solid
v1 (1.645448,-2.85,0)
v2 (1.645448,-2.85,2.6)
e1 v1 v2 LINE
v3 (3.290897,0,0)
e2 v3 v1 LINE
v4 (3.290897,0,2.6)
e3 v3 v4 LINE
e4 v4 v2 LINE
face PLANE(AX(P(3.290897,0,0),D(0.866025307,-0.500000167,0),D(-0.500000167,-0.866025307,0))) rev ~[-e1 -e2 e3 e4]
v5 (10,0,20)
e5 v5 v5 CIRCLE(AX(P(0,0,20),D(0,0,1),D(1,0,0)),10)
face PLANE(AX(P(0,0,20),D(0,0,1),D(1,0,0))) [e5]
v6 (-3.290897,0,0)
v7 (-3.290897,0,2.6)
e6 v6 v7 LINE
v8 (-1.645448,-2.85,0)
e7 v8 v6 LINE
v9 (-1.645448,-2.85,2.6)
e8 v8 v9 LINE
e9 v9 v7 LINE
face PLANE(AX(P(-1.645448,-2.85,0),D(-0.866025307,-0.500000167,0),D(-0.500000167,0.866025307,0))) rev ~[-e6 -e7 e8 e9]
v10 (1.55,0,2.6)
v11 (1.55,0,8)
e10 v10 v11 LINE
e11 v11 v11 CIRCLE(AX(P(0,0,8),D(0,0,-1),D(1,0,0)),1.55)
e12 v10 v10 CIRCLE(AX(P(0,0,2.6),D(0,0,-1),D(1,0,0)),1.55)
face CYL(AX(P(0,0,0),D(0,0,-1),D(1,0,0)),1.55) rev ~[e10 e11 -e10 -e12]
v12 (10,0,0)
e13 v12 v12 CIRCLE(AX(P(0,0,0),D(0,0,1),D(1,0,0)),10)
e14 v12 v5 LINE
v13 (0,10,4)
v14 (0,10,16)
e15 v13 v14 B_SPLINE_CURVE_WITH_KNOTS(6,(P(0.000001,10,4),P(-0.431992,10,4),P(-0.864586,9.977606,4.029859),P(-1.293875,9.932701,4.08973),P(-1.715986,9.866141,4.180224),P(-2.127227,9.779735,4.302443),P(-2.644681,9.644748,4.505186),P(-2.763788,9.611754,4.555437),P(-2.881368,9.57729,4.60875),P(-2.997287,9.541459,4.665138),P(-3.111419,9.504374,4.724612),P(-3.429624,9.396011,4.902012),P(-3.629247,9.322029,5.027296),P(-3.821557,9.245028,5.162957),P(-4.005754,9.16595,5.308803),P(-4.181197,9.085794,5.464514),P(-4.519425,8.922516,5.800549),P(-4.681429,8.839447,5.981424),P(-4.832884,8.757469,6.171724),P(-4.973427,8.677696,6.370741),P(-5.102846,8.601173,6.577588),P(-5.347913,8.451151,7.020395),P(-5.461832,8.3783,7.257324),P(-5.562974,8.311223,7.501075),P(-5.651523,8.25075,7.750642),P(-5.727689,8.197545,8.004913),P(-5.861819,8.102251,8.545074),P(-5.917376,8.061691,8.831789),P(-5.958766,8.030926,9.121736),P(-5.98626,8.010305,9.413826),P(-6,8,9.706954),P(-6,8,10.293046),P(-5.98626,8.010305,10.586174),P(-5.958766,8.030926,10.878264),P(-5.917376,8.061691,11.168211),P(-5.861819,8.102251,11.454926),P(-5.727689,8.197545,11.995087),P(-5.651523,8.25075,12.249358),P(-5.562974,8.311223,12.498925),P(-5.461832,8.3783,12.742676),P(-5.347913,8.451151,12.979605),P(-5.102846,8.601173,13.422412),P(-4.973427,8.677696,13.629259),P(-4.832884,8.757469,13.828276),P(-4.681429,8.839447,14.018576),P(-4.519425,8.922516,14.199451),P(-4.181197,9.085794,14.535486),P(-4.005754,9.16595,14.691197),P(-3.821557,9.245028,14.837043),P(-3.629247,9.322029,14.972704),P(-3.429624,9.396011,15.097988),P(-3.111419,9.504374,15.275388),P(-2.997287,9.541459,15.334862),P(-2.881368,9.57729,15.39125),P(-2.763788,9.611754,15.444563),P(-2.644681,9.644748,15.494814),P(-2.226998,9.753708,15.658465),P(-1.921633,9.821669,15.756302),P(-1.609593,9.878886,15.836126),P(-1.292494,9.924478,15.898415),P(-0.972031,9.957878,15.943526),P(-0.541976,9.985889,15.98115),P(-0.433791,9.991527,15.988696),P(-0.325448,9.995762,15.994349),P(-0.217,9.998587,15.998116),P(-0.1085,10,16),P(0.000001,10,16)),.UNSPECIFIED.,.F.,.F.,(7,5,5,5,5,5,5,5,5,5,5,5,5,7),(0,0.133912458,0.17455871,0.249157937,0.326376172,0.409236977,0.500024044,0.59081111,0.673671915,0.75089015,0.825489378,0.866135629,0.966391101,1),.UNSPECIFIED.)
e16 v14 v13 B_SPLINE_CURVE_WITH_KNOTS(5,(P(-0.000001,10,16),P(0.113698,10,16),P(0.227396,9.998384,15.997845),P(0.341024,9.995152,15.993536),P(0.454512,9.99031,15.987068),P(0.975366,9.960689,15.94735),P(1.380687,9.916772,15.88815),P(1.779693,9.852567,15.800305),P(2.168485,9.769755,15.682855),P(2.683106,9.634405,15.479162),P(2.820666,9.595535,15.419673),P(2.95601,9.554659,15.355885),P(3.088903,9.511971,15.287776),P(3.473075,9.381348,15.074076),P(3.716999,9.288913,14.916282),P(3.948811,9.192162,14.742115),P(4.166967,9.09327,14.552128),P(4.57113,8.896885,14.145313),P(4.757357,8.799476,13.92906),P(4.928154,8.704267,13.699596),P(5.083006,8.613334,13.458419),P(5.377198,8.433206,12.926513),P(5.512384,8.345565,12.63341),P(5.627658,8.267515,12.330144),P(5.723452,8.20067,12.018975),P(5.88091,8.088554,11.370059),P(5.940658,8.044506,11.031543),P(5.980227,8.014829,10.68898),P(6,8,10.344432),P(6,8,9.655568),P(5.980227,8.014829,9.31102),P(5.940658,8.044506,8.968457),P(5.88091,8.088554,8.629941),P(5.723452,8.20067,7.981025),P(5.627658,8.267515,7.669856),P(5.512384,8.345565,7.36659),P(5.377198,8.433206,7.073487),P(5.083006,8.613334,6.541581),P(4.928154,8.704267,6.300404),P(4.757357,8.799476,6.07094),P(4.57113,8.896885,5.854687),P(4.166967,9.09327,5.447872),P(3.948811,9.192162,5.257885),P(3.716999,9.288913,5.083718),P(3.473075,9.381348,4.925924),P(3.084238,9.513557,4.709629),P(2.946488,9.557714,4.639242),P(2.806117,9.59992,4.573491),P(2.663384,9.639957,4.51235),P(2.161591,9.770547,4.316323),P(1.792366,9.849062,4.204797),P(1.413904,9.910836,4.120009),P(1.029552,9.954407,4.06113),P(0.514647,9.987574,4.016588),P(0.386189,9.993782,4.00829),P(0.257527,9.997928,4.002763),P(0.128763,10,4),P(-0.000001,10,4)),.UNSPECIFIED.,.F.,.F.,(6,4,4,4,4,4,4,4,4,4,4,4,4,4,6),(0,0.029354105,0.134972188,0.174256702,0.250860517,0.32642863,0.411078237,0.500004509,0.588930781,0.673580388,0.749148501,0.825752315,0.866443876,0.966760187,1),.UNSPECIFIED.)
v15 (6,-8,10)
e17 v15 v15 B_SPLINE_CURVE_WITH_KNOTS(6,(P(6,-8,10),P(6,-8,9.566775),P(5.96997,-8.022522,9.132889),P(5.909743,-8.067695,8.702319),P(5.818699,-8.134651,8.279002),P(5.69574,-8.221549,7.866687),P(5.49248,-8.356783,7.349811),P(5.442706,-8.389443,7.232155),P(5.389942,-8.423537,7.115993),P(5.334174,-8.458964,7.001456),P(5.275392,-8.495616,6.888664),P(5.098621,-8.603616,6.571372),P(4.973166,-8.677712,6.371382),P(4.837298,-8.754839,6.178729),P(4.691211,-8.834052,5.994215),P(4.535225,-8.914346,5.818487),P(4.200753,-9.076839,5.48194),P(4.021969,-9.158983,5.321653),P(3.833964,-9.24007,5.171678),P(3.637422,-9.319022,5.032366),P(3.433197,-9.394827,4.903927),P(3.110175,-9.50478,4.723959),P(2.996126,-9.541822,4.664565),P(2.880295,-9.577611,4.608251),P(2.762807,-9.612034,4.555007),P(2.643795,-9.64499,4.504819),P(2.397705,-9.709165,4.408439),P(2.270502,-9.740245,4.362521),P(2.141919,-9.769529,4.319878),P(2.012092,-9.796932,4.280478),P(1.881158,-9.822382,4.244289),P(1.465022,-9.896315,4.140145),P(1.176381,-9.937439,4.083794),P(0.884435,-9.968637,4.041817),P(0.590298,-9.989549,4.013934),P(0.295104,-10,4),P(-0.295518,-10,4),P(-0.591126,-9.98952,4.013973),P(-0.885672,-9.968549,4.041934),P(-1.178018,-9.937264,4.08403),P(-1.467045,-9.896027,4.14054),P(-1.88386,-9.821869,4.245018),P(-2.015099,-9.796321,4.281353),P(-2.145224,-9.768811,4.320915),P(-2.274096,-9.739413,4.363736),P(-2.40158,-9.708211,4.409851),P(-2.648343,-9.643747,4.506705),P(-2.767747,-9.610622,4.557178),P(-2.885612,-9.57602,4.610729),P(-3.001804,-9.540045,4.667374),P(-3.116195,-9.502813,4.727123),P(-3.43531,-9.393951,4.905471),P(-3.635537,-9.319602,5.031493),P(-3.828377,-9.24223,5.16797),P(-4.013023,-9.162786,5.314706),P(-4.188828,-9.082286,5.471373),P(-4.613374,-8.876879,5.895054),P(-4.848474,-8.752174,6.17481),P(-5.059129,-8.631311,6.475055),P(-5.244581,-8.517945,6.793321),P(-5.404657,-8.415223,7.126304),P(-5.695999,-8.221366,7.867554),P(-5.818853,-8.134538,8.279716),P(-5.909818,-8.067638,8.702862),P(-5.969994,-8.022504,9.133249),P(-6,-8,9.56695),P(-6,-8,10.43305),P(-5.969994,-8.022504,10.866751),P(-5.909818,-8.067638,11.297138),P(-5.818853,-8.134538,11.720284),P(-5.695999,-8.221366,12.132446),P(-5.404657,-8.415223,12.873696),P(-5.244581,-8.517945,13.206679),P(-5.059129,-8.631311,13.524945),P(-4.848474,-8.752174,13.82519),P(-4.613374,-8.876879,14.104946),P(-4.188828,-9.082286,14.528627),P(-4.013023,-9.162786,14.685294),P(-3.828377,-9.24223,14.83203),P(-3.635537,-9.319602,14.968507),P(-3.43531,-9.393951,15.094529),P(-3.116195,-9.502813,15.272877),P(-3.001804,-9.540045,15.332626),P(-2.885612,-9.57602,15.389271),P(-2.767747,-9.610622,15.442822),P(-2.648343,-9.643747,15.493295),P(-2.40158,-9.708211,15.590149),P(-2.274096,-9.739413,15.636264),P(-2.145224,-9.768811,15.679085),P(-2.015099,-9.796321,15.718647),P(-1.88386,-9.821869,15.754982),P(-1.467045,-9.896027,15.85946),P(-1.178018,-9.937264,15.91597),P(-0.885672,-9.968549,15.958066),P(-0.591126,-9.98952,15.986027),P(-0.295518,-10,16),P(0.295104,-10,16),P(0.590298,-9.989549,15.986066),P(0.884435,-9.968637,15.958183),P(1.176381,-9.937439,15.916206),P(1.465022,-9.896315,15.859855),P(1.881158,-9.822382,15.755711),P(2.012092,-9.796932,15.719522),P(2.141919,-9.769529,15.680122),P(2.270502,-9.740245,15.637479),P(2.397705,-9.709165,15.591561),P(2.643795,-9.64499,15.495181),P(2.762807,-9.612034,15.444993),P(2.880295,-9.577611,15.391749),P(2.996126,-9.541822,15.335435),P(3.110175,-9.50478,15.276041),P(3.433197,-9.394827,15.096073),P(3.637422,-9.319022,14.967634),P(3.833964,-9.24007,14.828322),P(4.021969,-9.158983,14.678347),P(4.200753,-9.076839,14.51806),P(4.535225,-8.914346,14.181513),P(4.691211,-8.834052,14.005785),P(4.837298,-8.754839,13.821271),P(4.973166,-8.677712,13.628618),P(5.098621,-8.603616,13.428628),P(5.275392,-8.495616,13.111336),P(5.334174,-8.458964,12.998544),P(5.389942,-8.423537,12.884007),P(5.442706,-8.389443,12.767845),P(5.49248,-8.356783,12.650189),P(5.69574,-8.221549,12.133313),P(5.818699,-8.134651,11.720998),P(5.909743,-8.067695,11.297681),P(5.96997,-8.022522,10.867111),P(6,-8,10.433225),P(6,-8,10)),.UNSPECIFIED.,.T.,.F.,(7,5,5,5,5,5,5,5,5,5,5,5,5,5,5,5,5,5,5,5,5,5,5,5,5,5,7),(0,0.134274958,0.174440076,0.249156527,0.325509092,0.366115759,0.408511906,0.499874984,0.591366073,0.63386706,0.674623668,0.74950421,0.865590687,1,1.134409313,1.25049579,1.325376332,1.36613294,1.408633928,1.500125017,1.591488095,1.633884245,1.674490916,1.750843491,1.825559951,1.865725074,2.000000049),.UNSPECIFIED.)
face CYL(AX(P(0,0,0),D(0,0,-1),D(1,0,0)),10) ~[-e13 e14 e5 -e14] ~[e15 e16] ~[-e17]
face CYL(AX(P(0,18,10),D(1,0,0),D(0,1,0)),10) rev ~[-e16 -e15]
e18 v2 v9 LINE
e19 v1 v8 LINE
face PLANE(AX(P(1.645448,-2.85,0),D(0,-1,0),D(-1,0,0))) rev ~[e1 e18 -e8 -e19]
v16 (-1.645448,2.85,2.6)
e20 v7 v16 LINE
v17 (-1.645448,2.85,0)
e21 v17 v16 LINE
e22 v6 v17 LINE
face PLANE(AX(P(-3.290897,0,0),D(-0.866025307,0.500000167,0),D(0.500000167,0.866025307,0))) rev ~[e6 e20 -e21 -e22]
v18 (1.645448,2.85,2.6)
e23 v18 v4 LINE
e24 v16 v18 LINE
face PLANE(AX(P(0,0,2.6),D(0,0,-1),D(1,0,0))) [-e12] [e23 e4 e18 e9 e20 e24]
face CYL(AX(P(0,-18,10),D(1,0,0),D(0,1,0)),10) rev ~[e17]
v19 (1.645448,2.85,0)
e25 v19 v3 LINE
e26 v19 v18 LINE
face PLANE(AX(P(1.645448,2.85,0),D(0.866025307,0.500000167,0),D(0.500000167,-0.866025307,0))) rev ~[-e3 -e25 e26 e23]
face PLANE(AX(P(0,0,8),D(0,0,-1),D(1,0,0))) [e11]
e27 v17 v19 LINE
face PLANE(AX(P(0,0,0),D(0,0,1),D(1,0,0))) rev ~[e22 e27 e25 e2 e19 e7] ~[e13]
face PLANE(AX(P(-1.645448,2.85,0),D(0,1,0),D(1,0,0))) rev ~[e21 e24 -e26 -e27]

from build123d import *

# Parameters (mm, degrees)
F0_R      = 10
F1_DEPTH  = 20
F2_R      = 10
F3_DEPTH  = 50
F4_R      = 1.55
F5_DEPTH  = 2.6
F5_FACE_R = 1.55
F6_DEPTH  = 8


with BuildPart() as f1:
    # F0 (on Top) → F1 (new body)
    with BuildSketch(Plane.XY):
        Circle(F0_R)
    extrude(amount=F1_DEPTH)

    # F2 (on Right) → F3 (cut, symmetric)
    with BuildSketch(Plane.YZ):
        with Locations((18, 10)):
            Circle(F2_R)
        with Locations((-18, 10)):
            Circle(F2_R)
    extrude(amount=F3_DEPTH, both=True, mode=Mode.SUBTRACT)

    # F4 (on face) → F5 (cut)
    with BuildSketch(Plane(origin=(0, 0, 0), x_dir=(1, 0, 0), z_dir=(0, 0, -1))):
        Polygon((1.645448, 2.85), (-1.645448, 2.85), (-3.290897, 0), (-1.645448, -2.85), (1.645448, -2.85), (3.290897, 0), align=None)
        Circle(F4_R, mode=Mode.SUBTRACT)
    extrude(amount=-F5_DEPTH, mode=Mode.SUBTRACT)

    # F5_face (on face) → F6 (cut)
    with BuildSketch(Plane(origin=(0, 0, 0), x_dir=(1, 0, 0), z_dir=(0, 0, -1))):
        Circle(F5_FACE_R)
    extrude(amount=-F6_DEPTH, mode=Mode.SUBTRACT)


solid = f1.part
